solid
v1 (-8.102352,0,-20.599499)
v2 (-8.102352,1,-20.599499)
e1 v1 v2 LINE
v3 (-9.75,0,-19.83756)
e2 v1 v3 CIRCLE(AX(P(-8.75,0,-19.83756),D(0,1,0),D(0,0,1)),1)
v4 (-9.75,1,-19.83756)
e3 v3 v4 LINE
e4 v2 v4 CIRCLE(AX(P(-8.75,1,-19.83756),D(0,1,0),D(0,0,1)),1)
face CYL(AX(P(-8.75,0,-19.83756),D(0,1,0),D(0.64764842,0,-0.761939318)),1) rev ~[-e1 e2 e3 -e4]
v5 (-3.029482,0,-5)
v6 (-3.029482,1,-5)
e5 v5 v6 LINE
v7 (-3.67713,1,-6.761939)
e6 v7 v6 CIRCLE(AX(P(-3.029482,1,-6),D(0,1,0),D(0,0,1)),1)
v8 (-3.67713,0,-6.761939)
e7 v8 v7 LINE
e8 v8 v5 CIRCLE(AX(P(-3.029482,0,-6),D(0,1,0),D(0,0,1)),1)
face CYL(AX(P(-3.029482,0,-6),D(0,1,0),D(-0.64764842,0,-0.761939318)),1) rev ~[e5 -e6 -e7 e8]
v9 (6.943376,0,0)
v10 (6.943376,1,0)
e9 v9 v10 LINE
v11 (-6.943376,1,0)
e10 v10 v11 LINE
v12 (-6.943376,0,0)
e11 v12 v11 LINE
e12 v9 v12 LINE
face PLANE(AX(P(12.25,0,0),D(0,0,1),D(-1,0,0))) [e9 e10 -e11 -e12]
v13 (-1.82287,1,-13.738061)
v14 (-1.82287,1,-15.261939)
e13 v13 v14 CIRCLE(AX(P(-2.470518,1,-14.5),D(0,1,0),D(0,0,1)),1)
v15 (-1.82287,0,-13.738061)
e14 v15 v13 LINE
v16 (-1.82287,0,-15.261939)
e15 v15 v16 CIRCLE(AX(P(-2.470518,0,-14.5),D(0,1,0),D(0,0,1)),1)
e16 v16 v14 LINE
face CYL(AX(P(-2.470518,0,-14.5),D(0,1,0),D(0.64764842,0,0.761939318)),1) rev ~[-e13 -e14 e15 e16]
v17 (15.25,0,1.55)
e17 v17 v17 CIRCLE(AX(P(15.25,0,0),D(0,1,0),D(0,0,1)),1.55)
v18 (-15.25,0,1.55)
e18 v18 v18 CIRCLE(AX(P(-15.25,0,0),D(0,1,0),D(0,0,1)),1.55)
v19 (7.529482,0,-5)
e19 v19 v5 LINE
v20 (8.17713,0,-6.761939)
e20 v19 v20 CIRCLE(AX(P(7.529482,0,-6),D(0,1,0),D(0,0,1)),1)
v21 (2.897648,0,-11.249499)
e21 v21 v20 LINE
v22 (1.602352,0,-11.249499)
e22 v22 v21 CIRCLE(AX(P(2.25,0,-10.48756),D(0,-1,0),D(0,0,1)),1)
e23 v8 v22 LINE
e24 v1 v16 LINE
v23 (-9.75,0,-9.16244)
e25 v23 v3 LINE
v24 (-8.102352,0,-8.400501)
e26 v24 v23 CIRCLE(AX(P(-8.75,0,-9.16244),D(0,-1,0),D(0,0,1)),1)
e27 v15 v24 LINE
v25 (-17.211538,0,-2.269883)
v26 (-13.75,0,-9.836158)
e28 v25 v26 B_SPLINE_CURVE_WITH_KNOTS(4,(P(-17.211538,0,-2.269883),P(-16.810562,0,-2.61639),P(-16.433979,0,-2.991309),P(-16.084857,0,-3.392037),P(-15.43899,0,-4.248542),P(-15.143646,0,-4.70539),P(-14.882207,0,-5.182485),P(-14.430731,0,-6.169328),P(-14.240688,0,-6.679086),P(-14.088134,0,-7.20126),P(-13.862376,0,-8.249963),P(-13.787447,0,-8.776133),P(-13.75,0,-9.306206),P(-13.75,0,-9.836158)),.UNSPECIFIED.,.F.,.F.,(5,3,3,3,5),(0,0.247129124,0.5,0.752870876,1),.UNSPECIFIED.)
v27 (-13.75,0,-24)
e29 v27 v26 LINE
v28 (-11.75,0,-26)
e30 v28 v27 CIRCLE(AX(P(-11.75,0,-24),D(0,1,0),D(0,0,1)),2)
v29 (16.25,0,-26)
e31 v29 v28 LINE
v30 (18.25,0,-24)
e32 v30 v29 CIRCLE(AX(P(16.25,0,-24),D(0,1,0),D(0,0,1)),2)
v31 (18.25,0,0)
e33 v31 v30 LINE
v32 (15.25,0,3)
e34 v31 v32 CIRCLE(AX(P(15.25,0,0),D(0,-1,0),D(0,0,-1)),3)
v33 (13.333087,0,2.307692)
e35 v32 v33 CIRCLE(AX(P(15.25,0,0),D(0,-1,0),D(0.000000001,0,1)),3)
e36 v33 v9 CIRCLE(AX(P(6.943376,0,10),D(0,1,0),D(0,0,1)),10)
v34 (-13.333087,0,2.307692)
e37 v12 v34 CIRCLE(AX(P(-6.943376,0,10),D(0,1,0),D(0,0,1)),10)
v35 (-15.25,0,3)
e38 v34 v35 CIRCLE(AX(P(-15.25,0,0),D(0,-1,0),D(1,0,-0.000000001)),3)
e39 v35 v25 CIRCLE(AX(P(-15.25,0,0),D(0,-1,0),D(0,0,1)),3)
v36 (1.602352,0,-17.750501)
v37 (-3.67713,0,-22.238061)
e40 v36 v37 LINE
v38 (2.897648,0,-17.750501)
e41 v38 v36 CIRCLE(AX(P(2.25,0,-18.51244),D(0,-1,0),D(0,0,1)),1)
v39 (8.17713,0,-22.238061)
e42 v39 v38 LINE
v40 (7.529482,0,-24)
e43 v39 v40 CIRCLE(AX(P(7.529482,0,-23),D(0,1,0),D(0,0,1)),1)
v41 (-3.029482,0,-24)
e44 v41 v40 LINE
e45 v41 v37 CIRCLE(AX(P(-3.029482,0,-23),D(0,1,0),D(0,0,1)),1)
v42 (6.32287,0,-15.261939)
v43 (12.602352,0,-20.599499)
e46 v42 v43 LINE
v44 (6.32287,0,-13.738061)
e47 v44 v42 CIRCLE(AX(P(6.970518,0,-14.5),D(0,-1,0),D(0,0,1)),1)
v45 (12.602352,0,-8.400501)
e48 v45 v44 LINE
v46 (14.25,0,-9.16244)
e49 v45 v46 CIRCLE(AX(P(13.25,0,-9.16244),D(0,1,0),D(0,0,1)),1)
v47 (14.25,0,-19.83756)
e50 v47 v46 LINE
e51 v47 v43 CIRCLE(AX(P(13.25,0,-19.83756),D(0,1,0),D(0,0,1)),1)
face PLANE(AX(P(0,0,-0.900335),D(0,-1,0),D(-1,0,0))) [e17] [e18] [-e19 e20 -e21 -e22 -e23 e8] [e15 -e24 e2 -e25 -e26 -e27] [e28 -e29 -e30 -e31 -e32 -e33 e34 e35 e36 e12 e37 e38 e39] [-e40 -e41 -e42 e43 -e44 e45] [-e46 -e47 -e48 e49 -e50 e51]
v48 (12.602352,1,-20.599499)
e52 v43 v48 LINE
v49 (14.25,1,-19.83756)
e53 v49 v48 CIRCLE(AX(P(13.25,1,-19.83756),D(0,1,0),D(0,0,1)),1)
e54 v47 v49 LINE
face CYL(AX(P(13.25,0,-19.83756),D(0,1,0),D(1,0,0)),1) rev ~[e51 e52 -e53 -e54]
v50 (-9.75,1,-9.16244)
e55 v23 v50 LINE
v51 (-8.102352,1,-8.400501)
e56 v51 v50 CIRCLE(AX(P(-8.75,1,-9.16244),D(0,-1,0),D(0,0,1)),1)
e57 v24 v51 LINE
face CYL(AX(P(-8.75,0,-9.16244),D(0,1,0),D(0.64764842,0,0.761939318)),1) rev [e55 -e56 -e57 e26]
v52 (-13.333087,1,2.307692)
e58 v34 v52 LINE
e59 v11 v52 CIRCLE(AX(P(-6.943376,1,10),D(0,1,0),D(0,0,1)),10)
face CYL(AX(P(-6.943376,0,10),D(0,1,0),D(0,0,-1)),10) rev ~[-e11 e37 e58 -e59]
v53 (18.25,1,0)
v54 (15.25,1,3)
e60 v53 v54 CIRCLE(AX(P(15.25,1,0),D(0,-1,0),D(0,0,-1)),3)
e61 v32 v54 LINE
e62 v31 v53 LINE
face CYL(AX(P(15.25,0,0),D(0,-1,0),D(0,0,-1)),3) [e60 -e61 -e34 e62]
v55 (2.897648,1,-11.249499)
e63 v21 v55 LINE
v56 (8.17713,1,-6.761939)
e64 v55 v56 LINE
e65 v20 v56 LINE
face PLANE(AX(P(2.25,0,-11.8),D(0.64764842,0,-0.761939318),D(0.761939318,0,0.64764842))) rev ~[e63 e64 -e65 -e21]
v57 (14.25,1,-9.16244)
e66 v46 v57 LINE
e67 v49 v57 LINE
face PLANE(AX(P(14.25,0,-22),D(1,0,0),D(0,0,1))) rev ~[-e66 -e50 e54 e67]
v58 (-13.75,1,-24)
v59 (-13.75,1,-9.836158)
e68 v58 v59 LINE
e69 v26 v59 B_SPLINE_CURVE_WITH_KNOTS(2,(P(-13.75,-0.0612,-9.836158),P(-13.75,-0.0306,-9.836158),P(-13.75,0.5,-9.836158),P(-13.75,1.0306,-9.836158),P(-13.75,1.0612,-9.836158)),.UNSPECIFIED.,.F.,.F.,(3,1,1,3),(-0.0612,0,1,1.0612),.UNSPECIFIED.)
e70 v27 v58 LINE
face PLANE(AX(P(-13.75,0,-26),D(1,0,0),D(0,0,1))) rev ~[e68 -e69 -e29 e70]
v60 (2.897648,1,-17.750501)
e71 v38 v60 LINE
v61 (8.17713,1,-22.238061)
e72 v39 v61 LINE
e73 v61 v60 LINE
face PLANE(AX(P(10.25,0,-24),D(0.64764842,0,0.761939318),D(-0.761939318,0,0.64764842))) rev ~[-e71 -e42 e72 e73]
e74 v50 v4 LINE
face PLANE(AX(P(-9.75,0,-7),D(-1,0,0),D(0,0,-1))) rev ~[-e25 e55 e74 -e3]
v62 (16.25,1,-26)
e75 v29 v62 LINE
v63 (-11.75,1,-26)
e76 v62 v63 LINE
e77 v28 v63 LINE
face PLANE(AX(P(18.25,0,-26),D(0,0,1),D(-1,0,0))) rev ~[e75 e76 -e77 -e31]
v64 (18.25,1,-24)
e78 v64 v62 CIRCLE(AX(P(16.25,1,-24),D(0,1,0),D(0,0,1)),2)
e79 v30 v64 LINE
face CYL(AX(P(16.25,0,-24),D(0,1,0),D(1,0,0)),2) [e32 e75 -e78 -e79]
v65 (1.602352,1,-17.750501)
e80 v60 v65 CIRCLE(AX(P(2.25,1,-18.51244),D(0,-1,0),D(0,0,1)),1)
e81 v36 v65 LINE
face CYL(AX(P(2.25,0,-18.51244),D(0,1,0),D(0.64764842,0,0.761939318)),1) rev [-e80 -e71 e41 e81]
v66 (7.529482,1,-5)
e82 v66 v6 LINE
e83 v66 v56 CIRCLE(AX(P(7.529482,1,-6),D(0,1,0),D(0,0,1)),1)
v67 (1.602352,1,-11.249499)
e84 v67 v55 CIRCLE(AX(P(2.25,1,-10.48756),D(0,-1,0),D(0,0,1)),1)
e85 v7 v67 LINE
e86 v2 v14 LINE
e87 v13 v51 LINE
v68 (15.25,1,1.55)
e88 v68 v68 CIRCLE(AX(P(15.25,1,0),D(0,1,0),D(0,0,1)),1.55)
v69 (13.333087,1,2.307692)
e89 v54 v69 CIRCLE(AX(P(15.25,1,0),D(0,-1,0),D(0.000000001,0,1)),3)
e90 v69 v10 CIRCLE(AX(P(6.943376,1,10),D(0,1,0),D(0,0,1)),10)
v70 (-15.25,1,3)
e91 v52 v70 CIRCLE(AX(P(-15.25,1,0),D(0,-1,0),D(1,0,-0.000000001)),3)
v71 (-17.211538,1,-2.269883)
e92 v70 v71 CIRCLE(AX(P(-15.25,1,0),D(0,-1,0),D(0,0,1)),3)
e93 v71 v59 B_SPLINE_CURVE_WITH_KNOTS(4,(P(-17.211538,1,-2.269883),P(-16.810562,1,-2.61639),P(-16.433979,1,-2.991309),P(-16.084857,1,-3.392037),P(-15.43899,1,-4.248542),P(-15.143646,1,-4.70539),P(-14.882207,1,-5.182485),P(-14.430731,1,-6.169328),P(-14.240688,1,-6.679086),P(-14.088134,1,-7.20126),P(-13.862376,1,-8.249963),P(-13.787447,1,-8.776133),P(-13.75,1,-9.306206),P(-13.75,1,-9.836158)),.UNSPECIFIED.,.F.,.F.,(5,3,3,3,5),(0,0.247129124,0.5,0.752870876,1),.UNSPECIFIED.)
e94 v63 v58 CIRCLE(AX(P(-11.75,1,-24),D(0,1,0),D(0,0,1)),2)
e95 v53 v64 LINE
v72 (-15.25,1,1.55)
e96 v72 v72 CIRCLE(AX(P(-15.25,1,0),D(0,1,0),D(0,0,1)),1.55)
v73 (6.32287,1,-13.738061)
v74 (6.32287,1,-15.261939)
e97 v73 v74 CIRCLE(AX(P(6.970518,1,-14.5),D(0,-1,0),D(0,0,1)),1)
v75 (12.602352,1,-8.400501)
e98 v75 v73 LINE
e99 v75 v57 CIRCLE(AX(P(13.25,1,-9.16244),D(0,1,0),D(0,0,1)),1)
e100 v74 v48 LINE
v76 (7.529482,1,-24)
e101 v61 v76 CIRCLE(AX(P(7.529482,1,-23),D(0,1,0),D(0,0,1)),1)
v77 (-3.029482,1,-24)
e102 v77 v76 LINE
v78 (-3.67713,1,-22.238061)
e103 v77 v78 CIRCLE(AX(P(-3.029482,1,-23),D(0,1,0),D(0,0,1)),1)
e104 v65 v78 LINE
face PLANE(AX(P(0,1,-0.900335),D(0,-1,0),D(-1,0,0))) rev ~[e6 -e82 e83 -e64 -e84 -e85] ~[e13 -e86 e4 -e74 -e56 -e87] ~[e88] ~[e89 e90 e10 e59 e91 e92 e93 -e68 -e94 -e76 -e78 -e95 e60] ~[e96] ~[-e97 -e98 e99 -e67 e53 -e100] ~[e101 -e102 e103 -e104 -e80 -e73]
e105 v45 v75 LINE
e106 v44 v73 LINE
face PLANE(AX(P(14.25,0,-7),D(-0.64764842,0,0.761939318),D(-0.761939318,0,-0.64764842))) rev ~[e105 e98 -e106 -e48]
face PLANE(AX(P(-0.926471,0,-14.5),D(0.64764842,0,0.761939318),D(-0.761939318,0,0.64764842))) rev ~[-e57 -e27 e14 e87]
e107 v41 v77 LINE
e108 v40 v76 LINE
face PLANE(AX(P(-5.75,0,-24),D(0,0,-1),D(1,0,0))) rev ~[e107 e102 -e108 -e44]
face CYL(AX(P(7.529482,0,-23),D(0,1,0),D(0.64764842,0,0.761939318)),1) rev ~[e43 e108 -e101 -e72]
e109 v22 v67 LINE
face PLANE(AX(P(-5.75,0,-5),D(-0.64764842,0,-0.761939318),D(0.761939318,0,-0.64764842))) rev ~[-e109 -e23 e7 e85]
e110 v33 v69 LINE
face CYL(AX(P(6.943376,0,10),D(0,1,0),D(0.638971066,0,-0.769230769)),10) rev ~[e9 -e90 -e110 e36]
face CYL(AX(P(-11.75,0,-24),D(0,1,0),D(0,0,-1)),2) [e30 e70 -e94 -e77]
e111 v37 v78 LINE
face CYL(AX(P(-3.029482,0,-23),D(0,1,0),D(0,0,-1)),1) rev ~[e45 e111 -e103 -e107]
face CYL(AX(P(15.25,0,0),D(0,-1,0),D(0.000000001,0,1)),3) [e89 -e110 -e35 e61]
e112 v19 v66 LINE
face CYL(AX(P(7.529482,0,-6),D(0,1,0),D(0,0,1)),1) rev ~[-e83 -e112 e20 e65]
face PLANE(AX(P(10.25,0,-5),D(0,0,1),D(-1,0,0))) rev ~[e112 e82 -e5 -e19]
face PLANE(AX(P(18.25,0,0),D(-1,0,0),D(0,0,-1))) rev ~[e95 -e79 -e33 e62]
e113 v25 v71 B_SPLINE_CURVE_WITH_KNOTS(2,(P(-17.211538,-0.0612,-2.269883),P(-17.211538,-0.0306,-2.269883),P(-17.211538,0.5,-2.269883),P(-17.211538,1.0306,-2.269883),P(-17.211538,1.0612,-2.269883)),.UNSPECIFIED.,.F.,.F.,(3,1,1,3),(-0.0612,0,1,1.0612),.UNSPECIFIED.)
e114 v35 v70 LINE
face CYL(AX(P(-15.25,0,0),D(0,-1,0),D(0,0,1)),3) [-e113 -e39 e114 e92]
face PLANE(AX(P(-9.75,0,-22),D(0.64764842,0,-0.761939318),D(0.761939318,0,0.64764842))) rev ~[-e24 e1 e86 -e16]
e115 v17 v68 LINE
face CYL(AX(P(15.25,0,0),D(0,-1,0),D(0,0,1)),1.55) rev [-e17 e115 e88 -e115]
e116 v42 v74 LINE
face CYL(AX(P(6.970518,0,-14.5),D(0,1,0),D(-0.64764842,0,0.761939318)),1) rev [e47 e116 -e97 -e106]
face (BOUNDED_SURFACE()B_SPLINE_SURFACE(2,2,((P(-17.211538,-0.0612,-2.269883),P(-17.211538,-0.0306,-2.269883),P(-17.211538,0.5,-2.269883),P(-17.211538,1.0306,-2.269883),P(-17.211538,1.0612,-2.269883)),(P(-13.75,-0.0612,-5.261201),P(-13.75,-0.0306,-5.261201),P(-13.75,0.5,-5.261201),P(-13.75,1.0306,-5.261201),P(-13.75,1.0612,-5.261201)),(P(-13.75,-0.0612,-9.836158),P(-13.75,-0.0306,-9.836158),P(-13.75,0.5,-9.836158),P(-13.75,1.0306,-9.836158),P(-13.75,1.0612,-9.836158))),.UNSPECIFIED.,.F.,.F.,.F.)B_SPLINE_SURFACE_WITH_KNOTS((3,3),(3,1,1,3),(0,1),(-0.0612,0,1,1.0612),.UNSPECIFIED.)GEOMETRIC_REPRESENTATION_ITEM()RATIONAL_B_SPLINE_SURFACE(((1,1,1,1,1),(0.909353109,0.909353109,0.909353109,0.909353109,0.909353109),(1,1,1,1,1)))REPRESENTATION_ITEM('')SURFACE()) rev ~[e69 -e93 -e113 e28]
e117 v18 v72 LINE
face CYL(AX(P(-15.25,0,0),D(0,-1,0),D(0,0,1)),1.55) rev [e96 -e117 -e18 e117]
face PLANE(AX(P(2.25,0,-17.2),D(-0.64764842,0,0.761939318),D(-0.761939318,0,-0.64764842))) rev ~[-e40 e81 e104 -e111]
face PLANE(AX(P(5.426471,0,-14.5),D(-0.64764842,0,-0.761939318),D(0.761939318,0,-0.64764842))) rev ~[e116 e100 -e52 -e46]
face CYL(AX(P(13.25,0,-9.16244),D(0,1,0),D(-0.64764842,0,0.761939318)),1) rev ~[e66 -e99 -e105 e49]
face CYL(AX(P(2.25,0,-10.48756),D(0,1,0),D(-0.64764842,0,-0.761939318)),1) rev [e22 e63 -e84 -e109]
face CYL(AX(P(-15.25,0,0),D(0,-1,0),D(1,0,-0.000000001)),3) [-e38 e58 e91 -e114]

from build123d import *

# Parameters (mm, degrees)
SKETCH2_R           = 1.55
BOSS_EXTRUDE1_DEPTH = 1
FILLET1_R           = 10
FILLET2_R           = 2
FILLET3_R           = 1


with BuildPart() as part:
    # Sketch2 → Boss-Extrude1 (new body)
    # profile 1 of 2: a face of its own
    with BuildSketch(Plane(origin=(0, 0, 0), x_dir=(1, 0, 0), z_dir=(0, 1, 0))):
        with BuildLine():
            Line((-13.75, 26), (-13.75, 3))
            Line((-13.75, 3), (15.25, 3))
            ThreePointArc((15.25, 3), (17.371320344, 2.121320344), (18.25, 0))
            Line((18.25, 0), (18.25, 26))
            Line((18.25, 26), (-13.75, 26))
        make_face()
        Polygon((2.25, 11.8), (10.25, 5), (-5.75, 5), align=None, mode=Mode.SUBTRACT)
        Polygon((-9.75, 7), (-9.75, 22), (-0.926470588, 14.5), align=None, mode=Mode.SUBTRACT)
        Polygon((5.426470588, 14.5), (14.25, 22), (14.25, 7), align=None, mode=Mode.SUBTRACT)
        Polygon((-5.75, 24), (10.25, 24), (2.25, 17.2), align=None, mode=Mode.SUBTRACT)
    # profile 2 of 2: a face of its own
    with BuildSketch(Plane(origin=(0, 0, 0), x_dir=(1, 0, 0), z_dir=(0, 1, 0))):
        with BuildLine():
            ThreePointArc((15.25, -3), (13.128679656, -2.121320344), (12.25, 0))
            Line((12.25, 0), (-12.25, 0))
            ThreePointArc((-12.25, 0), (-13.128679656, -2.121320344), (-15.25, -3))
            ThreePointArc((-15.25, -3), (-18.25, 0), (-15.25, 3))
            Line((-15.25, 3), (15.25, 3))
            ThreePointArc((15.25, 3), (18.25, 0), (15.25, -3))
        make_face()
        with Locations(Location((15.25, 0, 0), (0, 0, 270))):
            Circle(SKETCH2_R, mode=Mode.SUBTRACT)
        with Locations(Location((-15.25, 0, 0), (0, 0, 270))):
            Circle(SKETCH2_R, mode=Mode.SUBTRACT)
    extrude(amount=BOSS_EXTRUDE1_DEPTH)

    # Fillet1
    fillet1_edges = [part.edges().sort_by_distance(p)[0] for p in [
        (-13.75, 0.5, -3),
        (12.25, 0.5, 0),
        (-12.25, 0.5, 0),
    ]]
    fillet(fillet1_edges, radius=FILLET1_R)

    # Fillet2
    fillet2_edges = [part.edges().sort_by_distance(p)[0] for p in [
        (-13.75, 0.5, -26),
        (18.25, 0.5, -26),
    ]]
    fillet(fillet2_edges, radius=FILLET2_R)

    # Fillet3
    fillet3_edges = [part.edges().sort_by_distance(p)[0] for p in [
        (-5.75, 0.5, -5),
        (10.25, 0.5, -5),
        (2.25, 0.5, -11.8),
        (-9.75, 0.5, -22),
        (-9.75, 0.5, -7),
        (-0.926470588, 0.5, -14.5),
        (14.25, 0.5, -22),
        (5.426470588, 0.5, -14.5),
        (14.25, 0.5, -7),
        (10.25, 0.5, -24),
        (-5.75, 0.5, -24),
        (2.25, 0.5, -17.2),
    ]]
    fillet(fillet3_edges, radius=FILLET3_R)


solid = part.part
